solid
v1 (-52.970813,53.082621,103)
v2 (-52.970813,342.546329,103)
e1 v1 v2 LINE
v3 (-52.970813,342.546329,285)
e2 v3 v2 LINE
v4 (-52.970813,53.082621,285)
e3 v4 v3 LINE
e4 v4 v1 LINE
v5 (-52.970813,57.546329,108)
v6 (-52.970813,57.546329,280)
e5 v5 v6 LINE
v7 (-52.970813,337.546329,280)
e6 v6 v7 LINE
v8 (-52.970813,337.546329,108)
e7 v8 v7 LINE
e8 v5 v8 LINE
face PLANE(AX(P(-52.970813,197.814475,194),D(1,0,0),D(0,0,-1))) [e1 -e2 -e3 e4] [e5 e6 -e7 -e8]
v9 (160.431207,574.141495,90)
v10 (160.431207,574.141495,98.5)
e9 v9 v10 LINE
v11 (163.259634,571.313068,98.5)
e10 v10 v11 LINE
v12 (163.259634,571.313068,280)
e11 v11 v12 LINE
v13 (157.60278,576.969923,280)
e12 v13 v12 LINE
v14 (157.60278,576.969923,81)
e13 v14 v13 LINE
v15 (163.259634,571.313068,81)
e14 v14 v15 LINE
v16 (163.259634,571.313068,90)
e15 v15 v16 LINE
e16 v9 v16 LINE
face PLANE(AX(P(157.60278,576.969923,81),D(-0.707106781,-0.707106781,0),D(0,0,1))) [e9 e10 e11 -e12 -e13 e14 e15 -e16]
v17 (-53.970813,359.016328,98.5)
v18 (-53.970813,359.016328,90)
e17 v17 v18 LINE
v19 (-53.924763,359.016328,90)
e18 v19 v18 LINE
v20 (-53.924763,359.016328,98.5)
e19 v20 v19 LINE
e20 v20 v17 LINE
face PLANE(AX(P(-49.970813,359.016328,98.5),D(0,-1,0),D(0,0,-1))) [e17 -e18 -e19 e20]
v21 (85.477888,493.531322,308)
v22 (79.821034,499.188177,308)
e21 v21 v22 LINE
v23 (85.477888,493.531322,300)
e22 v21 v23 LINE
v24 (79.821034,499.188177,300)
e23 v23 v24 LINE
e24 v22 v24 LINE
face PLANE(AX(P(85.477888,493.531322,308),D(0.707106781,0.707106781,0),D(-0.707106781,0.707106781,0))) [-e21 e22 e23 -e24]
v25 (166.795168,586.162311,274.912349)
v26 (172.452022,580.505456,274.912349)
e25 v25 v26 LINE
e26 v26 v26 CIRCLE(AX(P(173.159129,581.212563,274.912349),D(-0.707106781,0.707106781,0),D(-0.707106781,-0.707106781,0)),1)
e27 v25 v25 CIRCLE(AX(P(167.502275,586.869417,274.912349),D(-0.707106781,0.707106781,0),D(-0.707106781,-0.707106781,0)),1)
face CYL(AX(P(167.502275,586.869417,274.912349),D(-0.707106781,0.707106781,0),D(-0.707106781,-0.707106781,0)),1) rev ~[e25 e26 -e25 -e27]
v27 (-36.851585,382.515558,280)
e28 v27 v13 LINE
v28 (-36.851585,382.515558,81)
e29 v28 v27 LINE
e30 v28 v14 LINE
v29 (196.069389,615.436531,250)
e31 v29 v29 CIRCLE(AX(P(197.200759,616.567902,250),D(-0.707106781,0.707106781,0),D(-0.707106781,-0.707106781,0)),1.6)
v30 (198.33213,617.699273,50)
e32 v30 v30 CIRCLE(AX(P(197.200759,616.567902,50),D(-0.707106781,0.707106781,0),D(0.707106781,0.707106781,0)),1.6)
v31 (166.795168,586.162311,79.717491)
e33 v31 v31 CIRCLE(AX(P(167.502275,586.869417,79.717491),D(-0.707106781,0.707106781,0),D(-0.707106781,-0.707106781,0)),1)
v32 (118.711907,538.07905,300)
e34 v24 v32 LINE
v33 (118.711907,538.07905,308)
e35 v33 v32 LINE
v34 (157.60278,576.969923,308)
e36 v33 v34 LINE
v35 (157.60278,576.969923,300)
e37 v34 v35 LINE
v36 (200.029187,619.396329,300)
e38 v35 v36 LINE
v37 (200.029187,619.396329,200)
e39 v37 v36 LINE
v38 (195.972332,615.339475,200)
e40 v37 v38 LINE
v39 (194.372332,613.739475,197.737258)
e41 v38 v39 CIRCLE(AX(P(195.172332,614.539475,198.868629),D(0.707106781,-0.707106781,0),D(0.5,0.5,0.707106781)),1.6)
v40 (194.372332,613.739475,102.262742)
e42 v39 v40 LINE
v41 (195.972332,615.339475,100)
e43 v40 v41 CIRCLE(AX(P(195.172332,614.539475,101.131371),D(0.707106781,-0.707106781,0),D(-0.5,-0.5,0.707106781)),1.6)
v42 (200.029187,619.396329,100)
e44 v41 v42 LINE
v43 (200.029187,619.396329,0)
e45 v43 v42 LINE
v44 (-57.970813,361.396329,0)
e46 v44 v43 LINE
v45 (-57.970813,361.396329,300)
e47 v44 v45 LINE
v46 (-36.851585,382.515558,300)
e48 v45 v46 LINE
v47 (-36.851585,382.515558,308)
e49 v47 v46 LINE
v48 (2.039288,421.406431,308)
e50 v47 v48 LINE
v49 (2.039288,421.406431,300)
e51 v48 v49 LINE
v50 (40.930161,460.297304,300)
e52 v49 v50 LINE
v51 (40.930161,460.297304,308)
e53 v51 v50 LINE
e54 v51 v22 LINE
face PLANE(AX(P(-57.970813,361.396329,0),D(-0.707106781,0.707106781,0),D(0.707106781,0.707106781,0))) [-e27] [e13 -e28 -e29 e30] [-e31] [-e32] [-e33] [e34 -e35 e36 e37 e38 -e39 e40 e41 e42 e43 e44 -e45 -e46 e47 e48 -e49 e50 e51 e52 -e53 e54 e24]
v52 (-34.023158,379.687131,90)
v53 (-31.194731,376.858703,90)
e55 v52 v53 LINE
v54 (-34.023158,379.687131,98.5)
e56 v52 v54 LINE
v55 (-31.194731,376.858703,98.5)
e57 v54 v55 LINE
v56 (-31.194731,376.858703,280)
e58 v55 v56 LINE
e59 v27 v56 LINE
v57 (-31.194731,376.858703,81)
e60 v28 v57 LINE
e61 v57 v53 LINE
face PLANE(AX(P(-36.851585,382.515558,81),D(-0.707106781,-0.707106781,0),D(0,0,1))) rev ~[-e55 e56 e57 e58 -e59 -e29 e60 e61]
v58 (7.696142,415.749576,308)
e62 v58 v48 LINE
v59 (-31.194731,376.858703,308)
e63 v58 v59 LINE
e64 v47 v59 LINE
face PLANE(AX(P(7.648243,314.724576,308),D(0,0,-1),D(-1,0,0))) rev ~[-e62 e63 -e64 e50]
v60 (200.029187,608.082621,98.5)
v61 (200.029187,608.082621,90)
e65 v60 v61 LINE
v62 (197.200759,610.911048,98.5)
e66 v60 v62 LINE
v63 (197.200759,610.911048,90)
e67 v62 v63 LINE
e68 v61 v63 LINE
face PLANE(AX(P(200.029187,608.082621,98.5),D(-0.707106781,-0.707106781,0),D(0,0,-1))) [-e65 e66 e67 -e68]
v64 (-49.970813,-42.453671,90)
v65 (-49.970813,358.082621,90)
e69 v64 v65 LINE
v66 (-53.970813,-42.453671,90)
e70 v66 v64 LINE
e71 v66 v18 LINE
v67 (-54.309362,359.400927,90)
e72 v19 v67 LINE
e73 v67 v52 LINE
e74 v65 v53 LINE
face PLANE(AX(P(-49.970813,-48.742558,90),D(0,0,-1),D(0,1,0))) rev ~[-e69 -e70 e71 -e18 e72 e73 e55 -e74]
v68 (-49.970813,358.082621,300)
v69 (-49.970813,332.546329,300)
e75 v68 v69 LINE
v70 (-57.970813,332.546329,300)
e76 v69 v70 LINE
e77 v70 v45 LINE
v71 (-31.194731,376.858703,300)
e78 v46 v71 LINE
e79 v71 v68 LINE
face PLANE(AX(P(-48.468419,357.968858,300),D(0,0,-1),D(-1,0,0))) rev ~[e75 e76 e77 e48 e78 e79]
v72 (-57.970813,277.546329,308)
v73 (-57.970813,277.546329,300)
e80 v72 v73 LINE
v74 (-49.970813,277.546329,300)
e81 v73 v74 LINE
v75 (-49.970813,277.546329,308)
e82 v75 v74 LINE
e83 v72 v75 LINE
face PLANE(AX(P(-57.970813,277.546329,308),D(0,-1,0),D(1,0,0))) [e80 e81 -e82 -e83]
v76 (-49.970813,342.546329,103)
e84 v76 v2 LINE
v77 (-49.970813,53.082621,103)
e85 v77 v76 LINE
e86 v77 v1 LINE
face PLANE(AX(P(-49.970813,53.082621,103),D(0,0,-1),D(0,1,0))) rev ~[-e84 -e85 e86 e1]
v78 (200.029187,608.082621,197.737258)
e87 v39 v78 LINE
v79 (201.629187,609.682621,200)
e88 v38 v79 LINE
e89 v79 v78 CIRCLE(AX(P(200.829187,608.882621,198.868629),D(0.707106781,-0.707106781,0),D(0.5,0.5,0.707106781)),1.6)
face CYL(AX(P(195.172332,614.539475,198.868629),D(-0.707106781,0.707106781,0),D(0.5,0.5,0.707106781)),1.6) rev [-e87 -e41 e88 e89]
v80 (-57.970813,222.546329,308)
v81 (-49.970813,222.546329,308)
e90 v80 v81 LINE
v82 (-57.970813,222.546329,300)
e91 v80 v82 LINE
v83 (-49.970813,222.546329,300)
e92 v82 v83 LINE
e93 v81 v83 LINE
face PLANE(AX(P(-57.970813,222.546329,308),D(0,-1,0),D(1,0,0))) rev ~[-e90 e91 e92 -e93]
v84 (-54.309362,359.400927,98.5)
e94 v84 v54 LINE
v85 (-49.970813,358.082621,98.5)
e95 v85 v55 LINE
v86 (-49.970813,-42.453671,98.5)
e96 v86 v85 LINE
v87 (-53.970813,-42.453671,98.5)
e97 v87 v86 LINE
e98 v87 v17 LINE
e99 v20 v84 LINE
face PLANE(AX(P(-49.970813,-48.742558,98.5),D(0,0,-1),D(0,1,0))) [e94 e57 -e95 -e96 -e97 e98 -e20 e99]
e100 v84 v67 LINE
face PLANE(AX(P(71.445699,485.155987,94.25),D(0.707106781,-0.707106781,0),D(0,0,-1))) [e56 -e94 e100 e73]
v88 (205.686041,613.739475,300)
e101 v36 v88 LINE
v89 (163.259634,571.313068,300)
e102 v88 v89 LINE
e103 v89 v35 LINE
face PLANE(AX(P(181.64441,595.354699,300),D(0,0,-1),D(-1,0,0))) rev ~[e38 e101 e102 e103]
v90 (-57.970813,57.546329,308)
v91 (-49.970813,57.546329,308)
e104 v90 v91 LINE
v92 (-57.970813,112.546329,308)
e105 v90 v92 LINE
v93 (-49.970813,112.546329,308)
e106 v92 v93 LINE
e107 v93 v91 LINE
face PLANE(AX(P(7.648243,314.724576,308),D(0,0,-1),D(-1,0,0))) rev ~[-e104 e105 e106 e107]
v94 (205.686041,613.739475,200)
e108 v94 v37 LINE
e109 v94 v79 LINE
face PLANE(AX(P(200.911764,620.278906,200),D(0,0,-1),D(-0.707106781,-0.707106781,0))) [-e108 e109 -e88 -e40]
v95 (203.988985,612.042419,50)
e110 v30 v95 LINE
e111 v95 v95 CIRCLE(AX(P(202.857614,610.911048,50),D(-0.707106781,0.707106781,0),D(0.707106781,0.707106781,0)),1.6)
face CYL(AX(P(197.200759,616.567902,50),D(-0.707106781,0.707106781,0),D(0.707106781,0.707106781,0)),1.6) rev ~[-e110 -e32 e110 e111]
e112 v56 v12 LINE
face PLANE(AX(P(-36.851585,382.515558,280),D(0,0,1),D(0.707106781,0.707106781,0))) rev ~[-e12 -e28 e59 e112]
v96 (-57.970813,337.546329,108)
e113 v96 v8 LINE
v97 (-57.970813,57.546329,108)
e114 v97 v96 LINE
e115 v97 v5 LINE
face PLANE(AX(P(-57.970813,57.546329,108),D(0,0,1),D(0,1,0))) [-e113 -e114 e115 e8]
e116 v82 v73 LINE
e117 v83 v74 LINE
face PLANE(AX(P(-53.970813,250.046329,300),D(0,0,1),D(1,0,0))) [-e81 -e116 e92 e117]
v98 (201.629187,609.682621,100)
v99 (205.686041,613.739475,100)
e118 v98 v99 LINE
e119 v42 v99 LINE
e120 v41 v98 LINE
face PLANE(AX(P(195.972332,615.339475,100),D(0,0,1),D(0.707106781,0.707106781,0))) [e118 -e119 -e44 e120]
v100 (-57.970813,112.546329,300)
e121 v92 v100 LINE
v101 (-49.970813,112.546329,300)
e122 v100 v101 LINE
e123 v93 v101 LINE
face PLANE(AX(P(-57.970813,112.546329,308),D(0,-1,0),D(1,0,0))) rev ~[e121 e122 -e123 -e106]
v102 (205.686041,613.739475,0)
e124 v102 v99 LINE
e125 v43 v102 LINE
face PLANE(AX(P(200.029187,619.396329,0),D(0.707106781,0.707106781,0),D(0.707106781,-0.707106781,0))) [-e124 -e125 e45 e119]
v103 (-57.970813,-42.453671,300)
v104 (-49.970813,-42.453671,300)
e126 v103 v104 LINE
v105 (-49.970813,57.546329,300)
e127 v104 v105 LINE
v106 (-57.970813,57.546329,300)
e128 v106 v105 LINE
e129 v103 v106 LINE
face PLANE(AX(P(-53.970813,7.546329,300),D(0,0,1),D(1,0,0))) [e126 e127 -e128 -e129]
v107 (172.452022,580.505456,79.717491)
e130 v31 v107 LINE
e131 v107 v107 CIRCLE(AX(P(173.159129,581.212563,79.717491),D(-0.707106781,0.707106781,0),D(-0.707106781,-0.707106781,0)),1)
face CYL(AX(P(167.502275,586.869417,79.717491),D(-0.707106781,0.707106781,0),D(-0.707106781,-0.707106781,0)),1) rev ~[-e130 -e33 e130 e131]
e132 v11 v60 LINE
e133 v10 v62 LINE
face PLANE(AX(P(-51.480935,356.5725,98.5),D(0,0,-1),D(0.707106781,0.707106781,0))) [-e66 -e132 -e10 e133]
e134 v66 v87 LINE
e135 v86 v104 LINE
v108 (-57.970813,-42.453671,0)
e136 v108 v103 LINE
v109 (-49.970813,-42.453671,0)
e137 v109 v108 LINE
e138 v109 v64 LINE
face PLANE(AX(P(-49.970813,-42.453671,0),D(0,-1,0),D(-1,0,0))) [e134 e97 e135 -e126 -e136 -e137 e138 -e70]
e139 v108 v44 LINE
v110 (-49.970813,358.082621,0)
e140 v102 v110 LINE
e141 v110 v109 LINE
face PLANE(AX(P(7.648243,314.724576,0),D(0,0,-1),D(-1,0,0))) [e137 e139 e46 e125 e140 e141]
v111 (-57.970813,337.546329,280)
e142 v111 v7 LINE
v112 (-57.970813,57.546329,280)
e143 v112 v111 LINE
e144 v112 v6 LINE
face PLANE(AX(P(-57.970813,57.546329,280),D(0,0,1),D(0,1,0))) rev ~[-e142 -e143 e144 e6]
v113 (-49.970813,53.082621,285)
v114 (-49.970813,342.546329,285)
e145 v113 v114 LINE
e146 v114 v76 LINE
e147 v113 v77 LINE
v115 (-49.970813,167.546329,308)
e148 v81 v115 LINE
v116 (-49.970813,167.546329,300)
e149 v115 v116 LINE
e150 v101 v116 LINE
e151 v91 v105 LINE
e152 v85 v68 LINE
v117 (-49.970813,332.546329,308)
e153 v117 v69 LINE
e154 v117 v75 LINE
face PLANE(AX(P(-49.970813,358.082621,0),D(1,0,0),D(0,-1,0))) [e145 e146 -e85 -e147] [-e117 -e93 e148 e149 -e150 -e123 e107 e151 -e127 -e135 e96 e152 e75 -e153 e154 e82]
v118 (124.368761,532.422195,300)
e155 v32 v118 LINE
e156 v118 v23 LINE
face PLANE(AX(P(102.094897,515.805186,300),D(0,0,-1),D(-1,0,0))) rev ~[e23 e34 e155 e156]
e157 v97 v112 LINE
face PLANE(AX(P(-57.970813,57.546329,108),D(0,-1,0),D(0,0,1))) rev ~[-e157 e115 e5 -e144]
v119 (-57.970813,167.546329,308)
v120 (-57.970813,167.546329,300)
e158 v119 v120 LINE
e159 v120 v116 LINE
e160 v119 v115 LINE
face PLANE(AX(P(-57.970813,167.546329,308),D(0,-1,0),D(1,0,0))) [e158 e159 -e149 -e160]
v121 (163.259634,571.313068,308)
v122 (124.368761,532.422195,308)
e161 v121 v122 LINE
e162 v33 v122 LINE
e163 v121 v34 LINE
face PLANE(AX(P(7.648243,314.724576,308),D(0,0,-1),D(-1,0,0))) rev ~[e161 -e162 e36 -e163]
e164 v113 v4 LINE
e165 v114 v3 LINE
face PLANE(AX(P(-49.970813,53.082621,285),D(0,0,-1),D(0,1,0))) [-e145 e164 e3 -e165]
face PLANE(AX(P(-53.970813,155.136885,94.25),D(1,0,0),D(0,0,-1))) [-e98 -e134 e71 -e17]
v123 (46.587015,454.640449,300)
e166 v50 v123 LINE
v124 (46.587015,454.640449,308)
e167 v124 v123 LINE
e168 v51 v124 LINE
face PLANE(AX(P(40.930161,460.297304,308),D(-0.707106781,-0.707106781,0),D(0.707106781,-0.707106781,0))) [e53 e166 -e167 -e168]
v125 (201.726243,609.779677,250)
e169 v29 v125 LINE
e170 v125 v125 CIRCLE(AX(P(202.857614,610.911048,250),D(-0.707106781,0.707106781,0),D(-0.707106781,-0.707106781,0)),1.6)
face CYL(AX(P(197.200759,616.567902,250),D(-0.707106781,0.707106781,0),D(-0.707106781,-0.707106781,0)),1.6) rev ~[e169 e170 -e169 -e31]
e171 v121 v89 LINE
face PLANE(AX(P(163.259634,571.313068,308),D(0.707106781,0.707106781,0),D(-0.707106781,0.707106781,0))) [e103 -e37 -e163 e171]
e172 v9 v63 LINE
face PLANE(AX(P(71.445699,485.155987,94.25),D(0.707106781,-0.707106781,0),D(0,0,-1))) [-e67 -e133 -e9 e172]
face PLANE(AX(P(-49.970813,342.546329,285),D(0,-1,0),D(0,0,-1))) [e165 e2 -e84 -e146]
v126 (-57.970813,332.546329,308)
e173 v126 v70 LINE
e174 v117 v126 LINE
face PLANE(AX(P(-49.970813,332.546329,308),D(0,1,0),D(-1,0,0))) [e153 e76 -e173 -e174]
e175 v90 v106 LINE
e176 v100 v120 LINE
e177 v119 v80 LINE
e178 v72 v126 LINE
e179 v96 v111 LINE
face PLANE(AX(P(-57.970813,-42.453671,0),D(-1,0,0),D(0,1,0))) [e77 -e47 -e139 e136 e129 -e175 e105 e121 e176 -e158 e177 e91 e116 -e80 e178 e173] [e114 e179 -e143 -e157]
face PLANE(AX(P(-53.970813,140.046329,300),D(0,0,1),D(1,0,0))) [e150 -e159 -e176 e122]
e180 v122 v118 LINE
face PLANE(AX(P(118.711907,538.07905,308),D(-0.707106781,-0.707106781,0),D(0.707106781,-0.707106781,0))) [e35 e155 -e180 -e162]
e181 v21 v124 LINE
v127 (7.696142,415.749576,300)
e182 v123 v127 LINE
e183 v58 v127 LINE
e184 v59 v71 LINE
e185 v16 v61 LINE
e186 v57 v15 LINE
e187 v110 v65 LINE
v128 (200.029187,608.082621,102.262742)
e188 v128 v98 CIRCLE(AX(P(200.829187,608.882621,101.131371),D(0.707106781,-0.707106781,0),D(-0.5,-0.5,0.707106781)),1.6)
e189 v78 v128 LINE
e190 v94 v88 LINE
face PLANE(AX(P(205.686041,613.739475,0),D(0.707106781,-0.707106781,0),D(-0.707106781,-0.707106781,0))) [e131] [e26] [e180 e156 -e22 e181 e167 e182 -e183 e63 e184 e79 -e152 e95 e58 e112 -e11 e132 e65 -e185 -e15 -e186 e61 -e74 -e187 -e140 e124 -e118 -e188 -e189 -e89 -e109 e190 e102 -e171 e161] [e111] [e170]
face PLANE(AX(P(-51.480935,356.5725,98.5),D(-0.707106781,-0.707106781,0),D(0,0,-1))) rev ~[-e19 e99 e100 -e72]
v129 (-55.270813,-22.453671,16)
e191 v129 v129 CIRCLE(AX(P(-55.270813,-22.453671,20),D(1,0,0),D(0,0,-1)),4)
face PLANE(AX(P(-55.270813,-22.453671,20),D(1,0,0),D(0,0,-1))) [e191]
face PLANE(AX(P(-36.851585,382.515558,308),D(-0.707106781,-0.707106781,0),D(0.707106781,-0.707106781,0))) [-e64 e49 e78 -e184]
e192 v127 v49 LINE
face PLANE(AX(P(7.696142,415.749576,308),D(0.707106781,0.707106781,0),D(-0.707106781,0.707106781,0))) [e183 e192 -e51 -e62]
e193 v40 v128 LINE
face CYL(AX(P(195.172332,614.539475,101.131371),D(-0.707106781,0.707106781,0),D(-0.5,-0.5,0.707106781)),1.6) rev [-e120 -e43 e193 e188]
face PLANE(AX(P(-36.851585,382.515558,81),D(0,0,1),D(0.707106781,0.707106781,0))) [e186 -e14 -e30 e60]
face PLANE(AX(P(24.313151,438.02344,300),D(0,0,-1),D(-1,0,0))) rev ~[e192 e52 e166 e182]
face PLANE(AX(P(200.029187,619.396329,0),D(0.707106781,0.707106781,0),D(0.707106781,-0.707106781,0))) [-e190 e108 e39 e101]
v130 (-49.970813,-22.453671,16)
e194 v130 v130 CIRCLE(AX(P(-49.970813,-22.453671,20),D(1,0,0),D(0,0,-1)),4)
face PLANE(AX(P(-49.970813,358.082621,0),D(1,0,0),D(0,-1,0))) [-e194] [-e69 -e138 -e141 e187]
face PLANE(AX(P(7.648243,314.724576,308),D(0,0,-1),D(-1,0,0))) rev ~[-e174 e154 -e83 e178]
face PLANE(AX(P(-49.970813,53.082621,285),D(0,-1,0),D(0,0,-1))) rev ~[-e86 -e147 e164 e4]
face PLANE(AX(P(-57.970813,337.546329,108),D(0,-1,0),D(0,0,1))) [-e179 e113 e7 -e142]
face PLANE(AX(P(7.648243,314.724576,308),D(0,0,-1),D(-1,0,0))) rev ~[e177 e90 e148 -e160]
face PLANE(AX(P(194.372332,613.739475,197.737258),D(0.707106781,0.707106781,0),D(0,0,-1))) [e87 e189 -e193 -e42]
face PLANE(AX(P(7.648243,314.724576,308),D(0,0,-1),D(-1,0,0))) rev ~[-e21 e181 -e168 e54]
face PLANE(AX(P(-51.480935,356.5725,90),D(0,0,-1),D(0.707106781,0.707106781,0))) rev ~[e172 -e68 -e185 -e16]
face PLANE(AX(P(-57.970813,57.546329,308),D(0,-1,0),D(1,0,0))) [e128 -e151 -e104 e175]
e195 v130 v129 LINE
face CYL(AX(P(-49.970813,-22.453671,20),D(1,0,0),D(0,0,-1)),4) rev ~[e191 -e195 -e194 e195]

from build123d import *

# Parameters (mm, degrees)
BOSS_EXTRU_1_DEPTH      = 308
ESQUISSE2_W             = 8
ESQUISSE2_H             = 100
ESQUISSE2_H_2           = 55
ENL_V_MAT_EXTRU_1_DEPTH = 8
ESQUISSE3_W             = 172
ESQUISSE3_H             = 280
ENL_V_MAT_EXTRU_2_DEPTH = 532
ESQUISSE4_R             = 1
ESQUISSE4_W             = 199
ESQUISSE4_H             = 275
ENL_V_MAT_EXTRU_3_DEPTH = 8
ESQUISSE5_R             = 1.6
ENL_V_MAT_EXTRU_4_DEPTH = 8
ESQUISSE6_W             = 182
ESQUISSE6_H             = 289.463708499
ENL_V_MAT_EXTRU_5_DEPTH = 3
ESQUISSE7_R             = 4
ENL_V_MAT_EXTRU_6_DEPTH = 5.3
ESQUISSE8_W             = 8.5
ESQUISSE8_H             = 407.758885886
ENL_V_MAT_EXTRU_7_DEPTH = 4
ESQUISSE9_W             = 8.5
ESQUISSE9_H             = 355.689024311
ENL_V_MAT_EXTRU_8_DEPTH = 4


with BuildPart() as part:
    # Esquisse1 → Boss.-Extru.1 (new body)
    with BuildSketch(Plane.XY):
        Polygon((-49.970813456, -42.453670617), (-57.970813456, -42.453670617), (-57.970813456, 361.396329383), (200.029186542, 619.396329381), (205.686040791, 613.739475131), (-49.970813456, 358.082620884), align=None)
    extrude(amount=BOSS_EXTRU_1_DEPTH)

    # Esquisse2 → Enlèv. mat.-Extru.1 (cut)
    with BuildSketch(Plane.XY.offset(308)):
        with Locations((-53.970813456, 7.546329383)):
            Rectangle(ESQUISSE2_W, ESQUISSE2_H)
        Polygon((205.686040791, 613.739475131), (163.25963392, 571.31306826), (157.602779671, 576.96992251), (200.029186542, 619.396329381), align=None)
        with Locations((-53.970813456, 140.046329383)):
            Rectangle(ESQUISSE2_W, ESQUISSE2_H_2)
        with Locations((-53.970813456, 250.046329383)):
            Rectangle(ESQUISSE2_W, ESQUISSE2_H_2)
        Polygon((118.711906706, 538.079049544), (124.368760955, 532.422195295), (85.47788799, 493.53132233), (79.82103374, 499.188176579), align=None)
        Polygon((40.930160775, 460.297303614), (46.587015025, 454.640449364), (7.696142059, 415.749576399), (2.03928781, 421.406430649), align=None)
        Polygon((-36.851585155, 382.515557683), (-31.194730906, 376.858703434), (-49.970813456, 358.082620884), (-49.970813456, 332.546329383), (-57.970813456, 332.546329383), (-57.970813456, 361.396329383), align=None)
    extrude(amount=-ENL_V_MAT_EXTRU_1_DEPTH, mode=Mode.SUBTRACT)

    # Esquisse3 → Enlèv. mat.-Extru.2 (cut)
    with BuildSketch(Plane.ZY.offset(57.970813456)):
        with Locations((194, 197.546329383)):
            Rectangle(ESQUISSE3_W, ESQUISSE3_H)
    extrude(amount=-ENL_V_MAT_EXTRU_2_DEPTH, mode=Mode.SUBTRACT)

    # Esquisse4 → Enlèv. mat.-Extru.3 (cut)
    with BuildSketch(Plane(origin=(-209.683571419, 209.683571419, 0), x_dir=(0, 0, 1), z_dir=(-0.7071067811865465, 0.7071067811865487, 0))):
        with Locations(Location((79.717490694, 533.421338986, 0), (0, 0, 270))):
            Circle(ESQUISSE4_R)
        with Locations(Location((274.912348835, 533.421338986, 0), (0, 0, 270))):
            Circle(ESQUISSE4_R)
        with Locations((180.5, 381.921338986)):
            Rectangle(ESQUISSE4_W, ESQUISSE4_H)
    extrude(amount=-ENL_V_MAT_EXTRU_3_DEPTH, mode=Mode.SUBTRACT)

    # Esquisse5 → Enlèv. mat.-Extru.4 (cut)
    with BuildSketch(Plane(origin=(-209.683571419, 209.683571419, 0), x_dir=(0, 0, 1), z_dir=(-0.7071067811865467, 0.7071067811865485, 0))):
        with Locations(Location((250, 575.421338986, 0), (0, 0, 270))):
            Circle(ESQUISSE5_R)
        with Locations(Location((50, 575.421338986, 0), (0, 0, 90))):
            Circle(ESQUISSE5_R)
        with BuildLine():
            Line((100, 580.669491466), (200, 580.669491466))
            Line((200, 580.669491466), (200, 573.684080686))
            ThreePointArc((200, 573.684080686), (200, 571.421338986), (197.7372583, 571.421338986))
            Line((197.7372583, 571.421338986), (102.2627417, 571.421338986))
            ThreePointArc((102.2627417, 571.421338986), (100, 571.421338986), (100, 573.684080686))
            Line((100, 573.684080686), (100, 580.669491466))
        make_face()
    extrude(amount=-ENL_V_MAT_EXTRU_4_DEPTH, mode=Mode.SUBTRACT)

    # Esquisse6 → Enlèv. mat.-Extru.5 (cut)
    with BuildSketch(Plane(origin=(-49.970813456, 0, 0), x_dir=(0, 0, -1), z_dir=(1, 0, 0))):
        with Locations((-194, 197.814475133)):
            Rectangle(ESQUISSE6_W, ESQUISSE6_H)
    extrude(amount=-ENL_V_MAT_EXTRU_5_DEPTH, mode=Mode.SUBTRACT)

    # Esquisse7 → Enlèv. mat.-Extru.6 (cut)
    with BuildSketch(Plane(origin=(-49.970813456, 0, 0), x_dir=(0, 0, -1), z_dir=(1, 0, 0))):
        with Locations((-20, -22.453670617)):
            Circle(ESQUISSE7_R)
    extrude(amount=-ENL_V_MAT_EXTRU_6_DEPTH, mode=Mode.SUBTRACT)

    # Esquisse8 → Enlèv. mat.-Extru.7 (cut)
    with BuildSketch(Plane(origin=(-49.970813456, 0, 0), x_dir=(0, 0, -1), z_dir=(1, 0, 0))):
        with Locations((-94.25, 155.136885429)):
            Rectangle(ESQUISSE8_W, ESQUISSE8_H)
    extrude(amount=-ENL_V_MAT_EXTRU_7_DEPTH, mode=Mode.SUBTRACT)

    # Esquisse9 → Enlèv. mat.-Extru.8 (cut)
    with BuildSketch(Plane(origin=(-204.02671717, 204.02671717, 0), x_dir=(0, 0, -1), z_dir=(0.7071067811865464, -0.7071067811865487, 0))):
        with Locations((-94.25, 393.576826831)):
            Rectangle(ESQUISSE9_W, ESQUISSE9_H)
    extrude(amount=-ENL_V_MAT_EXTRU_8_DEPTH, mode=Mode.SUBTRACT)


solid = part.part
